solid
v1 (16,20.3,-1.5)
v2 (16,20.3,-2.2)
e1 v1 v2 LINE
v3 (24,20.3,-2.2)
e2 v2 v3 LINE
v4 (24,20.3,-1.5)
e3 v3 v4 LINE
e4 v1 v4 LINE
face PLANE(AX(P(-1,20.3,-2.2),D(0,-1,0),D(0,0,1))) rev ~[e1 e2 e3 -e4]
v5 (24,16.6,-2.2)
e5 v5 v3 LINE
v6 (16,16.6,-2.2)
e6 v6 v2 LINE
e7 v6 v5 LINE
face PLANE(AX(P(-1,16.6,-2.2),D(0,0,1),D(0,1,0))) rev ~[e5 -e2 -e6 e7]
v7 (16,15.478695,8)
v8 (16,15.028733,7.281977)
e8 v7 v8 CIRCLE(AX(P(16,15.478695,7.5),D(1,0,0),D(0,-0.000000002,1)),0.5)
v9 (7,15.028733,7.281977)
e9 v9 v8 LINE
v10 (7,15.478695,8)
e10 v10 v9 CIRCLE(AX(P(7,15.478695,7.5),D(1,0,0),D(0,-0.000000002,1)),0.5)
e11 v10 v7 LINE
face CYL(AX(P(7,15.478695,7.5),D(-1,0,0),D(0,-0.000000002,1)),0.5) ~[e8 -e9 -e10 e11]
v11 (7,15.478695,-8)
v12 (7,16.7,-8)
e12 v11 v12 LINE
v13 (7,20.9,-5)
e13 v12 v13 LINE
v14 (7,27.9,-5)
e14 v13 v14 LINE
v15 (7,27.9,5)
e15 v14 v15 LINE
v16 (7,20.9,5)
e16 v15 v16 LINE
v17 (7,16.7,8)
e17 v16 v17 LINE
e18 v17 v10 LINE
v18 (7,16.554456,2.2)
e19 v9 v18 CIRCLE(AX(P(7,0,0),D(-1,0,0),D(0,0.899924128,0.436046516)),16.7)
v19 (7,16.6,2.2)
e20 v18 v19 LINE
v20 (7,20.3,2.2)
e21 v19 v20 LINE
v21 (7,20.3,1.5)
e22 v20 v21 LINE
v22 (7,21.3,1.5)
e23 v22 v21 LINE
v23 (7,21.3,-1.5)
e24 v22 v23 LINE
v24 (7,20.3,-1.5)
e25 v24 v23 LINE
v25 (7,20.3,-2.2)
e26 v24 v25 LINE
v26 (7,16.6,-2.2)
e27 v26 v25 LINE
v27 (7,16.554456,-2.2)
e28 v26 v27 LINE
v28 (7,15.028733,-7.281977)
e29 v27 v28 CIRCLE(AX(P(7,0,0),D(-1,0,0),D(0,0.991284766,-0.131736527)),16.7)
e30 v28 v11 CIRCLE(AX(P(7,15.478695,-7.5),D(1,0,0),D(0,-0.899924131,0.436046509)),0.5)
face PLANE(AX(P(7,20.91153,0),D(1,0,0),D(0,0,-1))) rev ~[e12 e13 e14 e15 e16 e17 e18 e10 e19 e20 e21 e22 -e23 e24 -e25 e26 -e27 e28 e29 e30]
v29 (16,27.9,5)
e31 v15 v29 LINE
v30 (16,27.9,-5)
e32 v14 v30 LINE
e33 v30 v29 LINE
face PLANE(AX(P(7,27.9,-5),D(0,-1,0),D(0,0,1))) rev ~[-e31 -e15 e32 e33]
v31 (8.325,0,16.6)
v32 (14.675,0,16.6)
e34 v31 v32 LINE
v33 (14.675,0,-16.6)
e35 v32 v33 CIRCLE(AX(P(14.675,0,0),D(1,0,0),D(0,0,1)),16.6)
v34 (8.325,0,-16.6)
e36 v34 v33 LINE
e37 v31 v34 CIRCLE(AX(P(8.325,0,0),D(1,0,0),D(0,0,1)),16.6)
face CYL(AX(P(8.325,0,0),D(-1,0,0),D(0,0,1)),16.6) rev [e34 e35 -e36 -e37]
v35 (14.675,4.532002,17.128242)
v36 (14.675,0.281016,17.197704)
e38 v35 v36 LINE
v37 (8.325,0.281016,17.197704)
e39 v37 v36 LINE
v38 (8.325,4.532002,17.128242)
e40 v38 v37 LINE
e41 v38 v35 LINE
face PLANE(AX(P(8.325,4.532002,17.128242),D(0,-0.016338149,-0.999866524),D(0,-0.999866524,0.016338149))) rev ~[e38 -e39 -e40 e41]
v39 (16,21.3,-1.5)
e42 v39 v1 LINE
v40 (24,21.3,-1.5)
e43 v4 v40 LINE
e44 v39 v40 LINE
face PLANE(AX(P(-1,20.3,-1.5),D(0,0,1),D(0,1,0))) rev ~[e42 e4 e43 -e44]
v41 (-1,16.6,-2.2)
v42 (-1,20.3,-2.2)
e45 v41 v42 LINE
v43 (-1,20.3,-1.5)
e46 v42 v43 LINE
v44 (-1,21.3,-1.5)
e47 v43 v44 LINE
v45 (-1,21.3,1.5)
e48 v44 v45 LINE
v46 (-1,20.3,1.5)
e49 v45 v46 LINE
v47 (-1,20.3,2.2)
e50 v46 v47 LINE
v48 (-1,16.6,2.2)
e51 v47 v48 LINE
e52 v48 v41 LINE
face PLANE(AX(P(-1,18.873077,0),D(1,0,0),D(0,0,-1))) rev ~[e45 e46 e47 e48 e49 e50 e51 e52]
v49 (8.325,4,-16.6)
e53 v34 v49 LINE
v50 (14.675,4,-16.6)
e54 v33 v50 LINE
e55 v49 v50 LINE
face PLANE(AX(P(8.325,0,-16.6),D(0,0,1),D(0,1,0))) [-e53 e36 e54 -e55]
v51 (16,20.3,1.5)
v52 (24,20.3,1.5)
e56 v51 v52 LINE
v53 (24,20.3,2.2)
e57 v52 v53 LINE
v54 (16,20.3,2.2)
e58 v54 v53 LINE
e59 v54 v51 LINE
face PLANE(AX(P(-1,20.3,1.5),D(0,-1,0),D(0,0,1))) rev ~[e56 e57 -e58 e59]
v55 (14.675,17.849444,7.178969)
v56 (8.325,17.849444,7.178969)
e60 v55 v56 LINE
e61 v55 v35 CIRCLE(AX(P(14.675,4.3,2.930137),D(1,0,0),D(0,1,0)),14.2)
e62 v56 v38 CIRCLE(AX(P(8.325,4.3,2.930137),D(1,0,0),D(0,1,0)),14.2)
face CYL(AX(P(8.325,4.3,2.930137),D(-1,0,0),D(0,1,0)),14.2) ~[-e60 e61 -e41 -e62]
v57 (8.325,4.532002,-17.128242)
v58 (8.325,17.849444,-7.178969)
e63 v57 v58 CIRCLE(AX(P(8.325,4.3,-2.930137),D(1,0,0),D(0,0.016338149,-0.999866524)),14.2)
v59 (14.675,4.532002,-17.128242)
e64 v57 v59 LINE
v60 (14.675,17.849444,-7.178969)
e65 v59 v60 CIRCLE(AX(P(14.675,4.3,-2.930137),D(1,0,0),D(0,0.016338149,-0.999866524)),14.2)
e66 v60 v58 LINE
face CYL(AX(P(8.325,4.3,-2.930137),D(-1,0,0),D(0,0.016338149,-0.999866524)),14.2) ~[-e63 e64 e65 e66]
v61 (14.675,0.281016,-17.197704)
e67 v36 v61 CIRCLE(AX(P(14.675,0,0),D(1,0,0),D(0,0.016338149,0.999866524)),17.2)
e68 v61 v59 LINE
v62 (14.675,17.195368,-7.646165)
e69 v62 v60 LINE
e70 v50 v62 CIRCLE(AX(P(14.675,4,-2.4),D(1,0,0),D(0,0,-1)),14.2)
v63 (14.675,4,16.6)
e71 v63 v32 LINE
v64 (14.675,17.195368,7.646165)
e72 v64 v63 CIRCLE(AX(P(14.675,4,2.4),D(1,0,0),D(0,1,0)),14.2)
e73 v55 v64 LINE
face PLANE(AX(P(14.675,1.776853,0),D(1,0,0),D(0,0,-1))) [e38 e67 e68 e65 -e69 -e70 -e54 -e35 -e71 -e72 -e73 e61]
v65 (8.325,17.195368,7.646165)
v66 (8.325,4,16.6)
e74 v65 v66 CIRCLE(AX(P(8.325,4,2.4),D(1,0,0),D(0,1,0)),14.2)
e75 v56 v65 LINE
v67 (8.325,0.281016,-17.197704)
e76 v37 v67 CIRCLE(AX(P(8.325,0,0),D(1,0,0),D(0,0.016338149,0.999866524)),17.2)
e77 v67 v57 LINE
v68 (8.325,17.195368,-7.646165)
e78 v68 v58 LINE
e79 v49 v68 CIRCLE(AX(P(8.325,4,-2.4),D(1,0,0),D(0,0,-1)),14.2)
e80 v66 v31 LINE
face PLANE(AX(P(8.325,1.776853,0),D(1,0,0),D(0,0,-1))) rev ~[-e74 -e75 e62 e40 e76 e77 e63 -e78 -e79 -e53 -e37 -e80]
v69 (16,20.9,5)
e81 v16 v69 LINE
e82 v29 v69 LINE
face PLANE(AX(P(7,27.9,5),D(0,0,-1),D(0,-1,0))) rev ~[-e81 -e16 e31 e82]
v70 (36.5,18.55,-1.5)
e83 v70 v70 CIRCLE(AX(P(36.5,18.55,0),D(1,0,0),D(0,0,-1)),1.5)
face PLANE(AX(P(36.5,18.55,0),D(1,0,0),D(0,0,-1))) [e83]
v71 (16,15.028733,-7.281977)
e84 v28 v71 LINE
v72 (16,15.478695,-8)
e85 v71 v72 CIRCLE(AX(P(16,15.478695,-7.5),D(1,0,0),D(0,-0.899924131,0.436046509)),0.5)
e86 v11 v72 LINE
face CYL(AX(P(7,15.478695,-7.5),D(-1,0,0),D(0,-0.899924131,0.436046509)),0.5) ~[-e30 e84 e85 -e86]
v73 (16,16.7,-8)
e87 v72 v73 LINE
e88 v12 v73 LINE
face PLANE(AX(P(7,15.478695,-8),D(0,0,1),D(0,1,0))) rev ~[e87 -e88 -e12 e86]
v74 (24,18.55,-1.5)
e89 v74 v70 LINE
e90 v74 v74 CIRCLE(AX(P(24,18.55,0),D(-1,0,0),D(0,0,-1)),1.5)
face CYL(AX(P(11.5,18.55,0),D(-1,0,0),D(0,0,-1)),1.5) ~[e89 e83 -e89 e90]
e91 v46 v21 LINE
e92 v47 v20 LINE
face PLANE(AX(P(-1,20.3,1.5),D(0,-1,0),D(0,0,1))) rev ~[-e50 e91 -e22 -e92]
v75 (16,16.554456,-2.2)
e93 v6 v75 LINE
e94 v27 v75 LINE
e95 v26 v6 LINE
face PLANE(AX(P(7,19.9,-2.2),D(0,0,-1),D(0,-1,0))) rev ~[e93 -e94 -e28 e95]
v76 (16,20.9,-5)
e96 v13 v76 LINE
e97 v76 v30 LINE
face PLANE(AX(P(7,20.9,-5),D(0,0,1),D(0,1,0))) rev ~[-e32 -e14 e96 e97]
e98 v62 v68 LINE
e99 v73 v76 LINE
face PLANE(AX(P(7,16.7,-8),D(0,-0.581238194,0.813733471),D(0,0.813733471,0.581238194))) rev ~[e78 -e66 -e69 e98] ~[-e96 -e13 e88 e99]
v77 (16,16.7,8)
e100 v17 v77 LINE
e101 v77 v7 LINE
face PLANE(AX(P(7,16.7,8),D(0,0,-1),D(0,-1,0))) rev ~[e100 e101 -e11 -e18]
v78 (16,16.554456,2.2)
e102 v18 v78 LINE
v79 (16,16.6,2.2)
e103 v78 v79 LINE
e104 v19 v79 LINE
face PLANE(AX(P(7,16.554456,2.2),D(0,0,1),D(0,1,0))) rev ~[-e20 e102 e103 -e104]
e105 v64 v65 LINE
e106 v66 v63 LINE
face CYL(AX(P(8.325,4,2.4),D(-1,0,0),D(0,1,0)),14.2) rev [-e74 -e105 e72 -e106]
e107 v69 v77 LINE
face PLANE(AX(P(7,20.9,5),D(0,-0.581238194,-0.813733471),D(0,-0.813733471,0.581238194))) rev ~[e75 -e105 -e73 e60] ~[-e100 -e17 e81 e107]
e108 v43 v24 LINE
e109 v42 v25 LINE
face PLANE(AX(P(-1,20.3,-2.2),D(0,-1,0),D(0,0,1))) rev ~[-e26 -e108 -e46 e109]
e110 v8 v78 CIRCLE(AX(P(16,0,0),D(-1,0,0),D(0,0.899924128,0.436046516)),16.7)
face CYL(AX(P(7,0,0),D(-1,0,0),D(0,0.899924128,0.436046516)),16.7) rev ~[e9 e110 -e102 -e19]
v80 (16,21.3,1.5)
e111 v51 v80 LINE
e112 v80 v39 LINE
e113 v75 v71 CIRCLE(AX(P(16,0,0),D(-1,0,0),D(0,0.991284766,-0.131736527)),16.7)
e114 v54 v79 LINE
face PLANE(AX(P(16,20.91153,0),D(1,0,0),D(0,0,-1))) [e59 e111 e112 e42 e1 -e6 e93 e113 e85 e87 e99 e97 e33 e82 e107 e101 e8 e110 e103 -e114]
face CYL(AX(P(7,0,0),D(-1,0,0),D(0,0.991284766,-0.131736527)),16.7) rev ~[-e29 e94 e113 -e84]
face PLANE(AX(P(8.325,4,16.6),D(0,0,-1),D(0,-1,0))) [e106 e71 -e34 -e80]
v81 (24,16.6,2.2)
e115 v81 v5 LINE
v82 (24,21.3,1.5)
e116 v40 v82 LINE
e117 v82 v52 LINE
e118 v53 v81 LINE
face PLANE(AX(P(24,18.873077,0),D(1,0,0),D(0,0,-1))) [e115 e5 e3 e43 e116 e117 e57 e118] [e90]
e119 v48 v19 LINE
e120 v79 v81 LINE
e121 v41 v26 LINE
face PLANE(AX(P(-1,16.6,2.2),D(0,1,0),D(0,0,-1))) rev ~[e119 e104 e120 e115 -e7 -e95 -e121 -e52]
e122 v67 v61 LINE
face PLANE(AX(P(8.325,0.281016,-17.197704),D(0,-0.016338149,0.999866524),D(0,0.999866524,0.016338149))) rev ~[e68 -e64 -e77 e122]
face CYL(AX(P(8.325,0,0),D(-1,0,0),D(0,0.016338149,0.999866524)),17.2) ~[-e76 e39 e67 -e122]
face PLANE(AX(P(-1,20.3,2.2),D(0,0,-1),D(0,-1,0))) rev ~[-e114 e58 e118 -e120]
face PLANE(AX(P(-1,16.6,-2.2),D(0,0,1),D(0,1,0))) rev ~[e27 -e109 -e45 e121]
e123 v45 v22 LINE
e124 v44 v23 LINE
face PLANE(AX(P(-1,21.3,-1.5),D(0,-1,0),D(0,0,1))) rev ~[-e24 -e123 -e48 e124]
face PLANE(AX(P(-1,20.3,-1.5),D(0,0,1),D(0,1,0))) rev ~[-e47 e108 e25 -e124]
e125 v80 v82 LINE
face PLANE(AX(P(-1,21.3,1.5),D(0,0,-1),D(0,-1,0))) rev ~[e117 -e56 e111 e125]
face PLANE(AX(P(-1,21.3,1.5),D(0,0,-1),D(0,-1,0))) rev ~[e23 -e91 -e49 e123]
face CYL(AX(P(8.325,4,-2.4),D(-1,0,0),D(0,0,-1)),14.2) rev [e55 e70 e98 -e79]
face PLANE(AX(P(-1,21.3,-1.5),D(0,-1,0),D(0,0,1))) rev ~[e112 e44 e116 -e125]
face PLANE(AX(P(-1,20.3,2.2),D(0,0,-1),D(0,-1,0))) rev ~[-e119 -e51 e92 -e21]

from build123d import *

# Parameters (mm, degrees)
EXTRUDE_1_DEPTH      = 4.5
EXTRUDE_1_DEPTH_BACK = 4.5
EXTRUDE_2_DEPTH      = 3.175
EXTRUDE_2_DEPTH_BACK = 3.175
EXTRUDE_3_DEPTH      = 12.5
EXTRUDE_3_DEPTH_BACK = 12.5
SKETCH_4_R           = 1.5
EXTRUDE_4_DEPTH      = 25


with BuildPart() as part:
    # 草图1 → 凸台-拉伸1 (new, two sides: drawn at the far end of the back side and taken through both)
    with BuildSketch(Plane(origin=(11.5, 0, 0), x_dir=(0, 0, -1), z_dir=(1, 0, 0)).offset(-EXTRUDE_1_DEPTH_BACK)):
        with BuildLine():
            Line((-8, 16.7), (-8, 15.478695035))
            ThreePointArc((-8, 15.478695035), (-7.765507447, 15.055013793), (-7.281976818, 15.028732935))
            ThreePointArc((-7.281976818, 15.028732935), (-4.801971314, 15.994720113), (-2.2, 16.554455594))
            Line((-2.2, 16.554455594), (-2.2, 19.9))
            Line((-2.2, 19.9), (-1.5, 19.9))
            Line((-1.5, 19.9), (-1.5, 20.9))
            Line((-1.5, 20.9), (1.5, 20.9))
            Line((1.5, 20.9), (1.5, 19.9))
            Line((1.5, 19.9), (2.2, 19.9))
            Line((2.2, 19.9), (2.2, 16.554455594))
            ThreePointArc((2.2, 16.554455594), (4.801971275, 15.994720125), (7.281976744, 15.02873297))
            ThreePointArc((7.281976744, 15.02873297), (7.765507412, 15.055013771), (8, 15.478695035))
            Line((8, 15.478695035), (8, 16.7))
            Line((8, 16.7), (5, 20.9))
            Line((5, 20.9), (5, 27.9))
            Line((5, 27.9), (-5, 27.9))
            Line((-5, 27.9), (-5, 20.9))
            Line((-5, 20.9), (-8, 16.7))
        make_face()
    extrude(amount=EXTRUDE_1_DEPTH + EXTRUDE_1_DEPTH_BACK)

    # 草图2 → 凸台-拉伸2 (add, two sides: drawn at the far end of the back side and taken through both)
    with BuildSketch(Plane(origin=(11.5, 0, 0), x_dir=(0, 0, -1), z_dir=(1, 0, 0)).offset(-EXTRUDE_2_DEPTH_BACK)):
        with BuildLine():
            Line((17.197704205, 0.281016159), (17.128241699, 4.532001712))
            ThreePointArc((17.128241699, 4.532001712), (12.888690566, 14.42260896), (2.930137065, 18.5))
            Line((2.930137065, 18.5), (-2.930137065, 18.5))
            ThreePointArc((-2.930137065, 18.5), (-12.888690566, 14.42260896), (-17.128241699, 4.532001712))
            Line((-17.128241699, 4.532001712), (-17.197704205, 0.281016159))
            ThreePointArc((-17.197704205, 0.281016159), (0, -17.2), (17.197704205, 0.281016159))
        make_face()
        with BuildLine():
            Line((16.6, 0), (16.6, 4))
            ThreePointArc((16.6, 4), (12.440916293, 14.040916293), (2.4, 18.2))
            Line((2.4, 18.2), (-2.4, 18.2))
            ThreePointArc((-2.4, 18.2), (-12.440916293, 14.040916293), (-16.6, 4))
            Line((-16.6, 4), (-16.6, 0))
            ThreePointArc((-16.6, 0), (0, -16.6), (16.6, 0))
        make_face(mode=Mode.SUBTRACT)
    extrude(amount=EXTRUDE_2_DEPTH + EXTRUDE_2_DEPTH_BACK)

    # 草图3 → 凸台-拉伸3 (add, two sides: drawn at the far end of the back side and taken through both)
    with BuildSketch(Plane(origin=(11.5, 0, 0), x_dir=(0, 0, -1), z_dir=(1, 0, 0)).offset(-EXTRUDE_3_DEPTH_BACK)):
        Polygon((-2.2, 20.3), (-2.2, 16.6), (2.2, 16.6), (2.2, 20.3), (1.5, 20.3), (1.5, 21.3), (-1.5, 21.3), (-1.5, 20.3), align=None)
    extrude(amount=EXTRUDE_3_DEPTH + EXTRUDE_3_DEPTH_BACK)

    # 草图4 → 凸台-拉伸4 (add)
    with BuildSketch(Plane(origin=(11.5, 0, 0), x_dir=(0, 0, -1), z_dir=(1, 0, 0))):
        with Locations((0, 18.55)):
            Circle(SKETCH_4_R)
    extrude(amount=EXTRUDE_4_DEPTH)


solid = part.part
